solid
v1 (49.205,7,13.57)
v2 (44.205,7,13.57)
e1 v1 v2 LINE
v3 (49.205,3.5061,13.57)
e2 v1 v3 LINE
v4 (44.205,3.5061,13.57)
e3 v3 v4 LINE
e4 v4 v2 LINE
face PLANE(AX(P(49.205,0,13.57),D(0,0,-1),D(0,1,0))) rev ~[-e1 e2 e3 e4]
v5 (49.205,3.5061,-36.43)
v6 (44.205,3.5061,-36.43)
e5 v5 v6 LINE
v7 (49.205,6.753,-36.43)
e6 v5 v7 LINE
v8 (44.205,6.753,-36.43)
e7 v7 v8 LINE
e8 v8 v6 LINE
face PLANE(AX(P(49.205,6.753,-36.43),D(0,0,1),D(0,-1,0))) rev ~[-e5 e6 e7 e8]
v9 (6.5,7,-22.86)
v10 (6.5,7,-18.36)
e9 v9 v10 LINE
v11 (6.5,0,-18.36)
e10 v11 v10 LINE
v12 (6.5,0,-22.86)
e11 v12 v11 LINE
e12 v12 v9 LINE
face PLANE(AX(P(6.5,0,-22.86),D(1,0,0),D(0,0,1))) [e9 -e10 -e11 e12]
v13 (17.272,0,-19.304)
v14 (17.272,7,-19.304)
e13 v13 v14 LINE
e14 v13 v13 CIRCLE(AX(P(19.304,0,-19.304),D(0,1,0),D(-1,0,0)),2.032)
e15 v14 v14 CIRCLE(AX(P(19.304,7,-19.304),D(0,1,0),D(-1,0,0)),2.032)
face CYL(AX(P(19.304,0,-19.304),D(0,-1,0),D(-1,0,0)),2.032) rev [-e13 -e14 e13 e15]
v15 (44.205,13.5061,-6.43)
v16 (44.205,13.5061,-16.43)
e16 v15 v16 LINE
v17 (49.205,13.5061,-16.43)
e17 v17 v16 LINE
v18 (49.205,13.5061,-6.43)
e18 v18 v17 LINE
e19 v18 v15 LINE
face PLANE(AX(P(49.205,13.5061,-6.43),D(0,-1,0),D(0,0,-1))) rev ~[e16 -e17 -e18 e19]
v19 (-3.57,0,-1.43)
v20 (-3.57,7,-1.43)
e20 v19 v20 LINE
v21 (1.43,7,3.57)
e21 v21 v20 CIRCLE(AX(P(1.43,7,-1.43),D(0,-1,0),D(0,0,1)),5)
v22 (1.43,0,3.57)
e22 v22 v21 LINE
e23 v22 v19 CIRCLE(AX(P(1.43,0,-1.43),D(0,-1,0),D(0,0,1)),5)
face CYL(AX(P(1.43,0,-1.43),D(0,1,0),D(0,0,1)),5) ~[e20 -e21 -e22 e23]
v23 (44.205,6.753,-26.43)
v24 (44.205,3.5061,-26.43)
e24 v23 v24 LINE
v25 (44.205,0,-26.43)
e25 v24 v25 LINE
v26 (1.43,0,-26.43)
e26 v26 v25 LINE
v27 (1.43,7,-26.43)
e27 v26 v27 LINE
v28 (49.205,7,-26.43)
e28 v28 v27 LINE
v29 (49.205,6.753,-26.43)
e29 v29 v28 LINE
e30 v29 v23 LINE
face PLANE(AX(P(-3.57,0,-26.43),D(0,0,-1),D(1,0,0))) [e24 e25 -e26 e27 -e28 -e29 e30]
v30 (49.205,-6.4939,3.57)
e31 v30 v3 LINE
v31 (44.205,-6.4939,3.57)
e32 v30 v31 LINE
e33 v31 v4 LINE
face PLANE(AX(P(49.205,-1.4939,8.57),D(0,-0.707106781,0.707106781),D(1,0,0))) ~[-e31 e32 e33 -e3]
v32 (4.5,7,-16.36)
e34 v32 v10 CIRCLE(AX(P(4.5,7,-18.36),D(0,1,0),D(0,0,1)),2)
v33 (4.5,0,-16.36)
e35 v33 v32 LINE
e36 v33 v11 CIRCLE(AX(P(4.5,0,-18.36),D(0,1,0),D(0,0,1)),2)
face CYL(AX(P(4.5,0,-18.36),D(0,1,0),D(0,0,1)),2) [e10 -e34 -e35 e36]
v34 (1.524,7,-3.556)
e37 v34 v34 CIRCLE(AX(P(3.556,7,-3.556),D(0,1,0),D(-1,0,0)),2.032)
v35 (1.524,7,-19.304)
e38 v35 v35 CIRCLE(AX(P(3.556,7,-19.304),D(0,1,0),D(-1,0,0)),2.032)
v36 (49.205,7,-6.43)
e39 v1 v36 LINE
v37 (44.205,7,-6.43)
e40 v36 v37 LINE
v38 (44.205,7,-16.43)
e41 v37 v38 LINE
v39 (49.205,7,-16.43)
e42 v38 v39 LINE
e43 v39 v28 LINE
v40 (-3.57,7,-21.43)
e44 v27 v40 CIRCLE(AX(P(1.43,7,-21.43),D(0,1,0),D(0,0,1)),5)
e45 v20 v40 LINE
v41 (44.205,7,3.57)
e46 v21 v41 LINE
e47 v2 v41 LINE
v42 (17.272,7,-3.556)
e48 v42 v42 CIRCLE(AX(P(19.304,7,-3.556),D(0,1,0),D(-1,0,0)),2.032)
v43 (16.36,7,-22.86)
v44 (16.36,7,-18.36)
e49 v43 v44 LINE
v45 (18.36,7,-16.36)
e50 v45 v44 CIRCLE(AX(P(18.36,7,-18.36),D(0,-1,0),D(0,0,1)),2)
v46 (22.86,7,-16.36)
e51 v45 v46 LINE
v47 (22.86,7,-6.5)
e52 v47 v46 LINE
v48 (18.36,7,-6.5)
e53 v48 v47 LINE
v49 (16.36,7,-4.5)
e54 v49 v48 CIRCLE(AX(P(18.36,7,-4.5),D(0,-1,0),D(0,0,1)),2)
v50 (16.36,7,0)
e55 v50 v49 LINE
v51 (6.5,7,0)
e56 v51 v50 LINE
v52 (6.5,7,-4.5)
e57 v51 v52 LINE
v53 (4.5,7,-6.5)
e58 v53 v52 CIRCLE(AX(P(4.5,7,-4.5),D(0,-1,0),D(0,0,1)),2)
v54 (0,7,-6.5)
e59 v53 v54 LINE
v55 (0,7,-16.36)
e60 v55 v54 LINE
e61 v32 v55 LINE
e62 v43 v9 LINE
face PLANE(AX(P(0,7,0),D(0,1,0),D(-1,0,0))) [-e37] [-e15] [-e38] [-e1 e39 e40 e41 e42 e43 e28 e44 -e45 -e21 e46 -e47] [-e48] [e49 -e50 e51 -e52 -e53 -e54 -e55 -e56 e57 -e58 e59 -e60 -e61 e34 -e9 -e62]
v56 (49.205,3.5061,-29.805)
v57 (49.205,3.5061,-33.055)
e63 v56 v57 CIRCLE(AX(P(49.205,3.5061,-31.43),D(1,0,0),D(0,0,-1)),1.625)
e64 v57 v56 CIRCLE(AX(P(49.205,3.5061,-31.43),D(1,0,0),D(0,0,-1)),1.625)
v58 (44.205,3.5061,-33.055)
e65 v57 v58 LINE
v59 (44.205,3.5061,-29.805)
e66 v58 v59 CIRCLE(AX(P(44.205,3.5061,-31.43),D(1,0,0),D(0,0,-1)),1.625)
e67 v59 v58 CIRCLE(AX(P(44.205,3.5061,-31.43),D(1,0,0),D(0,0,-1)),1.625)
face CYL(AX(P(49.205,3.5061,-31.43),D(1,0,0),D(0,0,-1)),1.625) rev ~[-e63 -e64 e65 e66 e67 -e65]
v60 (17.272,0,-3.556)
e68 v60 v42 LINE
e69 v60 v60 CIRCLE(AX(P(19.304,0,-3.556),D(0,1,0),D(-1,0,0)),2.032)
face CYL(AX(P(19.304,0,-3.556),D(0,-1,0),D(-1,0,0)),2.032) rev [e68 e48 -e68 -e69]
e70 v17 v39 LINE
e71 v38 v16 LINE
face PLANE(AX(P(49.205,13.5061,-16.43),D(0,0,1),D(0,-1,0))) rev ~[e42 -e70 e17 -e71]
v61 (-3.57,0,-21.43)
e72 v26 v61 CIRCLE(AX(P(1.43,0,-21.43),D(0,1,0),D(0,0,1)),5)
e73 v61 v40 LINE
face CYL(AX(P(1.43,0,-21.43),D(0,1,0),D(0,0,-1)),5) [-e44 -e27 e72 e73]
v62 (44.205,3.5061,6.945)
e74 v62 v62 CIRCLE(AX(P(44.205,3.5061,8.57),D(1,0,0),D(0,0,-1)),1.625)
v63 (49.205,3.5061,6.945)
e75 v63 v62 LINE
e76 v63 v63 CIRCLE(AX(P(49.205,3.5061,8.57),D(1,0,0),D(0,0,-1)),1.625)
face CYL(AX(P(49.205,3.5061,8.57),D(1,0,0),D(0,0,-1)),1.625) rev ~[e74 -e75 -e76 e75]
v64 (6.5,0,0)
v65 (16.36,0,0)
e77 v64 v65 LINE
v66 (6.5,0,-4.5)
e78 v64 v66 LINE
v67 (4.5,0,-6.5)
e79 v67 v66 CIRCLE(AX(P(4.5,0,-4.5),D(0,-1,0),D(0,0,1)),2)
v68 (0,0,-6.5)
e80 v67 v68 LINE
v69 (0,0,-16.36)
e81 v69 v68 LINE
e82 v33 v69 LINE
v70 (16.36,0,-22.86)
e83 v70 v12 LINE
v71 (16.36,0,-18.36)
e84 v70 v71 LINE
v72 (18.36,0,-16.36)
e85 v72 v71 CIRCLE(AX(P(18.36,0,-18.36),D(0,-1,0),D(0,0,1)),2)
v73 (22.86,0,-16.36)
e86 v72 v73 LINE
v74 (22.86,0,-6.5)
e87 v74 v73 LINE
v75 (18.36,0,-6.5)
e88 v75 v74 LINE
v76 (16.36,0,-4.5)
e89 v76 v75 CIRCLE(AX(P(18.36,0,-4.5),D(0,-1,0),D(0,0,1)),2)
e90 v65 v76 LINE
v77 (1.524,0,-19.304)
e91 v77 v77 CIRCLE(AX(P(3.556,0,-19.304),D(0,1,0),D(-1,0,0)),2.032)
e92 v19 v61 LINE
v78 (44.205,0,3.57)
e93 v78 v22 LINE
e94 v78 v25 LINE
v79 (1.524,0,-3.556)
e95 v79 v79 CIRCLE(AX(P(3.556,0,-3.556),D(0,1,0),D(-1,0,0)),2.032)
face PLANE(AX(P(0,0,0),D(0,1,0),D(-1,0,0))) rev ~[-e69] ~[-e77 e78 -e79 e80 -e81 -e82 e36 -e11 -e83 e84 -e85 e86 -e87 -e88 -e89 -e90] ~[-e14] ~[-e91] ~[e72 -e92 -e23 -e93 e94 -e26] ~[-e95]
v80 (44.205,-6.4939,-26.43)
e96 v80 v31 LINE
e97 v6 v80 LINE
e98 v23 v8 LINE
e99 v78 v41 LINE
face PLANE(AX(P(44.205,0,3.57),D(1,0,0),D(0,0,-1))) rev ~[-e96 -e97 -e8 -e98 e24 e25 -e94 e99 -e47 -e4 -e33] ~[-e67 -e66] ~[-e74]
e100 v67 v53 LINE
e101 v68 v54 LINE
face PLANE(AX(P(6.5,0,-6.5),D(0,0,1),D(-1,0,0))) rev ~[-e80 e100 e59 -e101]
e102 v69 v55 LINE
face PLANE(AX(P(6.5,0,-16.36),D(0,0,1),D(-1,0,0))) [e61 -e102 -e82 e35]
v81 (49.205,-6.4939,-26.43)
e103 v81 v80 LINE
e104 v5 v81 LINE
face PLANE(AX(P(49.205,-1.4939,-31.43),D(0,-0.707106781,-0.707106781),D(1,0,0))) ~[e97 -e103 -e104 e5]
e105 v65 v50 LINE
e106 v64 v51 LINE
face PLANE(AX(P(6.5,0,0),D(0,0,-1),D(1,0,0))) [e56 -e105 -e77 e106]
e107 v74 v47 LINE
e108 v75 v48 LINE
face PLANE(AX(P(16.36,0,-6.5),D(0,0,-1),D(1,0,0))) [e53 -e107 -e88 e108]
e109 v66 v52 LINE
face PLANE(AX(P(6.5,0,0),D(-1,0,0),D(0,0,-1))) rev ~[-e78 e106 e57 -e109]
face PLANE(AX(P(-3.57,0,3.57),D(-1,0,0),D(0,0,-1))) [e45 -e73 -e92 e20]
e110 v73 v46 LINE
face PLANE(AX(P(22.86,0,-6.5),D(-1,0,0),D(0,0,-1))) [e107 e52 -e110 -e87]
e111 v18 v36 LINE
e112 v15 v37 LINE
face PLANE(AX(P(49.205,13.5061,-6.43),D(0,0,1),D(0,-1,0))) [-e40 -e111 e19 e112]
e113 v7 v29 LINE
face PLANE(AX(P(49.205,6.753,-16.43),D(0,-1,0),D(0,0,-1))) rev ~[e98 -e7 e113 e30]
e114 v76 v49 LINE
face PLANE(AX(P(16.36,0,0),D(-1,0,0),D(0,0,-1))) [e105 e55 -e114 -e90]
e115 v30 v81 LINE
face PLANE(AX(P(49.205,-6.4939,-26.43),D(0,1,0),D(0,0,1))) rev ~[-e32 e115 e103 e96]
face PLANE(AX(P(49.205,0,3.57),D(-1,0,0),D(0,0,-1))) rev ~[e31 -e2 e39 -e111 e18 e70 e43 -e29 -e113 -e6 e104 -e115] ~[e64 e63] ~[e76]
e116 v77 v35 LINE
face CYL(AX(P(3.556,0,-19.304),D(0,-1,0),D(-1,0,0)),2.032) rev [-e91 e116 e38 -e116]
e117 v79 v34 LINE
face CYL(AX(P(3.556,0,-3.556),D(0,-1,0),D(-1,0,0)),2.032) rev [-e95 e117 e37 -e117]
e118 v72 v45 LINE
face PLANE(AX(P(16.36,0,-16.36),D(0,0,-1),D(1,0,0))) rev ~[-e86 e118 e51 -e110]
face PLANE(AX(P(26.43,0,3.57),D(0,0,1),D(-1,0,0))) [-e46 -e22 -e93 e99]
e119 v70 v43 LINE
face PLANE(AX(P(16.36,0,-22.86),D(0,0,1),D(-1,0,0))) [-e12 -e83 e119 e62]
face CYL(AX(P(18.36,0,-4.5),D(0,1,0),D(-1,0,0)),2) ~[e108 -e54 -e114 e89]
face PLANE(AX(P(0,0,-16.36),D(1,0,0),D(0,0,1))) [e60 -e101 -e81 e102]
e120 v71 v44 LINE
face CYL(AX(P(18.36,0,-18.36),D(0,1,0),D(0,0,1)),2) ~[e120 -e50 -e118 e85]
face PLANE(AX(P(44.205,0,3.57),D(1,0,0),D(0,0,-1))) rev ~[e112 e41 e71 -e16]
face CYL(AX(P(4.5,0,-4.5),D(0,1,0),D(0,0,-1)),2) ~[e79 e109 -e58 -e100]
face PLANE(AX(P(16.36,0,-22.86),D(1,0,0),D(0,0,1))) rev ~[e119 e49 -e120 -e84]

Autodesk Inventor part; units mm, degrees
ref_plane "YZ Plane" through (0, 0, 0) normal (1, 0, 0) x (0, 1, 0)
ref_plane "XZ Plane" through (0, 0, 0) normal (0, 1, 0) x (-1, 0, 0)
ref_plane "XY Plane" through (0, 0, 0) normal (0, 0, 1) x (1, 0, 0)
sketch "Sketch1" plane through (0, 0, 0) normal (0, 1, 0) x (-1, 0, 0)
  line L0 (0, 0) -> (-22.86, 0)
  line L1 (-22.86, 0) -> (-22.86, -22.86)
  line L2 (-22.86, -22.86) -> (0, -22.86)
  line L3 (0, -22.86) -> (0, 0)
  line L4 (-22.86, -22.86) -> (-19.304, -22.86)
  line L5 (-19.304, -22.86) -> (-19.304, -19.304) construction
  line L6 (-19.304, -19.304) -> (-22.86, -19.304) construction
  line L7 (-22.86, -19.304) -> (-22.86, -22.86)
  line L8 (0, -22.86) -> (-3.556, -22.86)
  line L9 (-3.556, -22.86) -> (-3.556, -19.304) construction
  line L10 (-3.556, -19.304) -> (0, -19.304) construction
  line L11 (0, -19.304) -> (0, -22.86)
  line L12 (0, 0) -> (-3.556, 0)
  line L13 (-3.556, 0) -> (-3.556, -3.556) construction
  line L14 (-3.556, -3.556) -> (0, -3.556) construction
  line L15 (0, -3.556) -> (0, 0)
  line L16 (-22.86, 0) -> (-19.304, 0)
  line L17 (-19.304, 0) -> (-19.304, -3.556) construction
  line L18 (-19.304, -3.556) -> (-22.86, -3.556) construction
  line L19 (-22.86, -3.556) -> (-22.86, 0)
  circle A0 centre (-3.556, -19.304) radius 2.032
  circle A1 centre (-19.304, -19.304) radius 2.032
  circle A2 centre (-19.304, -3.556) radius 2.032
  circle A3 centre (-3.556, -3.556) radius 2.032
  line L20 (3.57, -26.43) -> (-26.43, -26.43)
  line L21 (-26.43, -26.43) -> (-26.43, 3.57)
  line L22 (-26.43, 3.57) -> (3.57, 3.57)
  line L23 (3.57, 3.57) -> (3.57, -26.43)
  line L24 (0, 0) -> (-6.5, 0)
  line L25 (-6.5, 0) -> (-6.5, -6.5)
  line L26 (-6.5, -6.5) -> (0, -6.5)
  line L27 (0, -6.5) -> (0, 0)
  line L28 (0, -22.86) -> (-6.5, -22.86)
  line L29 (-6.5, -22.86) -> (-6.5, -16.36)
  line L30 (-6.5, -16.36) -> (0, -16.36)
  line L31 (0, -16.36) -> (0, -22.86)
  line L32 (-22.86, -22.86) -> (-16.36, -22.86)
  line L33 (-16.36, -22.86) -> (-16.36, -16.36)
  line L34 (-16.36, -16.36) -> (-22.86, -16.36)
  line L35 (-22.86, -16.36) -> (-22.86, -22.86)
  line L36 (-22.86, 0) -> (-16.36, 0)
  line L37 (-16.36, 0) -> (-16.36, -6.5)
  line L38 (-16.36, -6.5) -> (-22.86, -6.5)
  line L39 (-22.86, -6.5) -> (-22.86, 0)
  line L40 (-26.43, 3.57) -> (-49.205, 3.57)
  line L41 (-49.205, 3.57) -> (-49.205, -26.43)
  line L42 (-49.205, -26.43) -> (-26.43, -26.43)
  line L43 (-26.43, -26.43) -> (-26.43, 3.57)
  circle A4 centre (-11.43, -11.43) radius 5
  point P0 (0, -16.36)
  point P1 (0, -6.5)
  dimension "d2" = 22.86
  dimension "d3" = 22.86
  dimension "d4" = 3.556
  dimension "d5" = 3.556
  dimension "d6" = 3.556
  dimension "d7" = 3.556
  dimension "d8" = 3.556
  dimension "d9" = 3.556
  dimension "d10" = 3.556
  dimension "d11" = 3.556
  dimension "d12" = 4.064
  dimension "d13" = 4.064
  dimension "d14" = 4.064
  dimension "d15" = 4.064
  dimension "d16" = 30
  dimension "d17" = 30
  dimension "d18" = 3.57
  dimension "d19" = 3.57
  dimension "d20" = 6.5
  dimension "d21" = 6.5
  dimension "d22" = 6.5
  dimension "d23" = 6.5
  dimension "d24" = 6.5
  dimension "d25" = 6.5
  dimension "d26" = 6.5
  dimension "d31" = 10
  dimension "d32" = 15
  dimension "d33" = 15
  dimension "d34" = 37.775
extrude "Extrusion1" add sketch "Sketch1" along normal blind 7 contours L3 L26 L25 L0 | L37 L38 L1 L0 | L3 L2 L29 L30 | L34 L33 L2 L1 | L20 L21 L22 L23 | L42 L41 L40 L21
fillet "Fillet1" radius 2 4 edges at (6.5, 3.5, -16.36) (16.36, 3.5, -16.36) (16.36, 3.5, -6.5) (6.5, 3.5, -6.5)
sketch "Sketch4" plane through (49.205, 0, 3.57) normal (1, 0, 0) x (0, 0, -1)
  line L0 (-10, 13.5061) -> (40, 13.5061)
  line L1 (40, 13.5061) -> (40, -6.4939)
  line L2 (40, -6.4939) -> (-10, -6.4939)
  line L3 (-10, -6.4939) -> (-10, 13.5061)
  line L4 (-10, 13.5061) -> (40, -6.4939) construction
  line L5 (40, 13.5061) -> (-10, -6.4939) construction
  line L6 (30, 0) -> (30, 7) projected
  line L7 (15, 3.5061) -> (35, 3.5061)
  circle A0 centre (35, 3.5061) radius 1.625
  circle A1 centre (-5, 3.5061) radius 1.625
  line L8 (-10, 0) -> (40, 0)
  line L9 (40, 0) -> (40, 13.5061)
  line L10 (40, 13.5061) -> (-10, 13.5061)
  line L11 (-10, 13.5061) -> (-10, 0)
  line L12 (-10, -6.4939) -> (0, -6.4939)
  line L13 (0, -6.4939) -> (0, 0)
  line L14 (0, 0) -> (-10, 0)
  line L15 (-10, 0) -> (-10, -6.4939)
  line L16 (40, -6.4939) -> (30, -6.4939)
  line L17 (30, -6.4939) -> (30, 0)
  line L18 (30, 0) -> (40, 0)
  line L19 (40, 0) -> (40, -6.4939)
  line L20 (40, 13.5061) -> (20, 13.5061)
  line L21 (20, 13.5061) -> (20, 6.753)
  line L22 (20, 6.753) -> (40, 6.753)
  line L23 (40, 6.753) -> (40, 13.5061)
  line L24 (0, 7) -> (30, 7) projected
  line L25 (-10, 13.5061) -> (10, 13.5061)
  line L26 (10, 13.5061) -> (10, 7)
  line L27 (10, 7) -> (-10, 7)
  line L28 (-10, 7) -> (-10, 13.5061)
  point P0 (3.57, 0)
  point P1 (40, -3.247)
  point P2 (-10, -3.247)
  point P3 (-10, 10.253)
  point P4 (10, 10.253)
  point P5 (40, 10.1296)
  point P6 (20, 13.5061)
  point P7 (10, 13.5061)
  point P8 (-10, 7)
  point P9 (40, 6.753)
  dimension "d46" = 50
  dimension "d47" = 20
  dimension "d48" = 15
  dimension "d49" = 10
  dimension "d56" = 20
  dimension "d57" = 20
  dimension "d58" = 3.25
  dimension "d59" = 3.25
  dimension "d66" = 10
  dimension "d67" = 20
  dimension "d68" = 20
extrude "Extrusion4" add sketch "Sketch4" against normal blind 5 contours L0 L21 L24 L26 | L27 L24 L21 L22 L6 L8 L3 | L8 L13 L2 L3 | L8 L17 L2 L13 | L1 L8 L6 L22 | L8 L1 L2 L17
fillet "Fillet2" radius 5 2 edges at (-3.57, 3.5, -26.43) (-3.57, 3.5, 3.57)
chamfer "Chamfer1" distance 10 angle 45 2 edges at (46.705, -6.4939, 13.57) (46.705, -6.4939, -36.43)
sketch "Sketch5" plane through (0, 0, 0) normal (0, -1, 0) x (1, 0, 0)
  line L0 (1.43, 3.57) -> (44.205, 3.57) projected
  line L1 (-3.57, -26.43) -> (22.8175, -26.43) construction
  line L2 (22.8175, -26.43) -> (22.8175, 3.57) construction
  line L3 (22.8175, 3.57) -> (-3.57, 3.57) construction
  line L4 (-3.57, 3.57) -> (-3.57, -26.43) construction
  line L5 (0, -22.86) -> (22.8175, -22.86) construction
  line L6 (22.8175, -22.86) -> (22.8175, 0) construction
  line L7 (22.8175, 0) -> (0, 0) construction
  line L8 (0, 0) -> (0, -22.86) construction
  circle A0 centre (11.43, -11.43) radius 11.43 construction
  line L9 (0, -6.5) -> (0, -16.36) projected
  line L10 (16.36, 0) -> (6.5, 0) projected
  line L11 (6.5, -22.86) -> (16.36, -22.86) projected
properties part number "as5600mount"
